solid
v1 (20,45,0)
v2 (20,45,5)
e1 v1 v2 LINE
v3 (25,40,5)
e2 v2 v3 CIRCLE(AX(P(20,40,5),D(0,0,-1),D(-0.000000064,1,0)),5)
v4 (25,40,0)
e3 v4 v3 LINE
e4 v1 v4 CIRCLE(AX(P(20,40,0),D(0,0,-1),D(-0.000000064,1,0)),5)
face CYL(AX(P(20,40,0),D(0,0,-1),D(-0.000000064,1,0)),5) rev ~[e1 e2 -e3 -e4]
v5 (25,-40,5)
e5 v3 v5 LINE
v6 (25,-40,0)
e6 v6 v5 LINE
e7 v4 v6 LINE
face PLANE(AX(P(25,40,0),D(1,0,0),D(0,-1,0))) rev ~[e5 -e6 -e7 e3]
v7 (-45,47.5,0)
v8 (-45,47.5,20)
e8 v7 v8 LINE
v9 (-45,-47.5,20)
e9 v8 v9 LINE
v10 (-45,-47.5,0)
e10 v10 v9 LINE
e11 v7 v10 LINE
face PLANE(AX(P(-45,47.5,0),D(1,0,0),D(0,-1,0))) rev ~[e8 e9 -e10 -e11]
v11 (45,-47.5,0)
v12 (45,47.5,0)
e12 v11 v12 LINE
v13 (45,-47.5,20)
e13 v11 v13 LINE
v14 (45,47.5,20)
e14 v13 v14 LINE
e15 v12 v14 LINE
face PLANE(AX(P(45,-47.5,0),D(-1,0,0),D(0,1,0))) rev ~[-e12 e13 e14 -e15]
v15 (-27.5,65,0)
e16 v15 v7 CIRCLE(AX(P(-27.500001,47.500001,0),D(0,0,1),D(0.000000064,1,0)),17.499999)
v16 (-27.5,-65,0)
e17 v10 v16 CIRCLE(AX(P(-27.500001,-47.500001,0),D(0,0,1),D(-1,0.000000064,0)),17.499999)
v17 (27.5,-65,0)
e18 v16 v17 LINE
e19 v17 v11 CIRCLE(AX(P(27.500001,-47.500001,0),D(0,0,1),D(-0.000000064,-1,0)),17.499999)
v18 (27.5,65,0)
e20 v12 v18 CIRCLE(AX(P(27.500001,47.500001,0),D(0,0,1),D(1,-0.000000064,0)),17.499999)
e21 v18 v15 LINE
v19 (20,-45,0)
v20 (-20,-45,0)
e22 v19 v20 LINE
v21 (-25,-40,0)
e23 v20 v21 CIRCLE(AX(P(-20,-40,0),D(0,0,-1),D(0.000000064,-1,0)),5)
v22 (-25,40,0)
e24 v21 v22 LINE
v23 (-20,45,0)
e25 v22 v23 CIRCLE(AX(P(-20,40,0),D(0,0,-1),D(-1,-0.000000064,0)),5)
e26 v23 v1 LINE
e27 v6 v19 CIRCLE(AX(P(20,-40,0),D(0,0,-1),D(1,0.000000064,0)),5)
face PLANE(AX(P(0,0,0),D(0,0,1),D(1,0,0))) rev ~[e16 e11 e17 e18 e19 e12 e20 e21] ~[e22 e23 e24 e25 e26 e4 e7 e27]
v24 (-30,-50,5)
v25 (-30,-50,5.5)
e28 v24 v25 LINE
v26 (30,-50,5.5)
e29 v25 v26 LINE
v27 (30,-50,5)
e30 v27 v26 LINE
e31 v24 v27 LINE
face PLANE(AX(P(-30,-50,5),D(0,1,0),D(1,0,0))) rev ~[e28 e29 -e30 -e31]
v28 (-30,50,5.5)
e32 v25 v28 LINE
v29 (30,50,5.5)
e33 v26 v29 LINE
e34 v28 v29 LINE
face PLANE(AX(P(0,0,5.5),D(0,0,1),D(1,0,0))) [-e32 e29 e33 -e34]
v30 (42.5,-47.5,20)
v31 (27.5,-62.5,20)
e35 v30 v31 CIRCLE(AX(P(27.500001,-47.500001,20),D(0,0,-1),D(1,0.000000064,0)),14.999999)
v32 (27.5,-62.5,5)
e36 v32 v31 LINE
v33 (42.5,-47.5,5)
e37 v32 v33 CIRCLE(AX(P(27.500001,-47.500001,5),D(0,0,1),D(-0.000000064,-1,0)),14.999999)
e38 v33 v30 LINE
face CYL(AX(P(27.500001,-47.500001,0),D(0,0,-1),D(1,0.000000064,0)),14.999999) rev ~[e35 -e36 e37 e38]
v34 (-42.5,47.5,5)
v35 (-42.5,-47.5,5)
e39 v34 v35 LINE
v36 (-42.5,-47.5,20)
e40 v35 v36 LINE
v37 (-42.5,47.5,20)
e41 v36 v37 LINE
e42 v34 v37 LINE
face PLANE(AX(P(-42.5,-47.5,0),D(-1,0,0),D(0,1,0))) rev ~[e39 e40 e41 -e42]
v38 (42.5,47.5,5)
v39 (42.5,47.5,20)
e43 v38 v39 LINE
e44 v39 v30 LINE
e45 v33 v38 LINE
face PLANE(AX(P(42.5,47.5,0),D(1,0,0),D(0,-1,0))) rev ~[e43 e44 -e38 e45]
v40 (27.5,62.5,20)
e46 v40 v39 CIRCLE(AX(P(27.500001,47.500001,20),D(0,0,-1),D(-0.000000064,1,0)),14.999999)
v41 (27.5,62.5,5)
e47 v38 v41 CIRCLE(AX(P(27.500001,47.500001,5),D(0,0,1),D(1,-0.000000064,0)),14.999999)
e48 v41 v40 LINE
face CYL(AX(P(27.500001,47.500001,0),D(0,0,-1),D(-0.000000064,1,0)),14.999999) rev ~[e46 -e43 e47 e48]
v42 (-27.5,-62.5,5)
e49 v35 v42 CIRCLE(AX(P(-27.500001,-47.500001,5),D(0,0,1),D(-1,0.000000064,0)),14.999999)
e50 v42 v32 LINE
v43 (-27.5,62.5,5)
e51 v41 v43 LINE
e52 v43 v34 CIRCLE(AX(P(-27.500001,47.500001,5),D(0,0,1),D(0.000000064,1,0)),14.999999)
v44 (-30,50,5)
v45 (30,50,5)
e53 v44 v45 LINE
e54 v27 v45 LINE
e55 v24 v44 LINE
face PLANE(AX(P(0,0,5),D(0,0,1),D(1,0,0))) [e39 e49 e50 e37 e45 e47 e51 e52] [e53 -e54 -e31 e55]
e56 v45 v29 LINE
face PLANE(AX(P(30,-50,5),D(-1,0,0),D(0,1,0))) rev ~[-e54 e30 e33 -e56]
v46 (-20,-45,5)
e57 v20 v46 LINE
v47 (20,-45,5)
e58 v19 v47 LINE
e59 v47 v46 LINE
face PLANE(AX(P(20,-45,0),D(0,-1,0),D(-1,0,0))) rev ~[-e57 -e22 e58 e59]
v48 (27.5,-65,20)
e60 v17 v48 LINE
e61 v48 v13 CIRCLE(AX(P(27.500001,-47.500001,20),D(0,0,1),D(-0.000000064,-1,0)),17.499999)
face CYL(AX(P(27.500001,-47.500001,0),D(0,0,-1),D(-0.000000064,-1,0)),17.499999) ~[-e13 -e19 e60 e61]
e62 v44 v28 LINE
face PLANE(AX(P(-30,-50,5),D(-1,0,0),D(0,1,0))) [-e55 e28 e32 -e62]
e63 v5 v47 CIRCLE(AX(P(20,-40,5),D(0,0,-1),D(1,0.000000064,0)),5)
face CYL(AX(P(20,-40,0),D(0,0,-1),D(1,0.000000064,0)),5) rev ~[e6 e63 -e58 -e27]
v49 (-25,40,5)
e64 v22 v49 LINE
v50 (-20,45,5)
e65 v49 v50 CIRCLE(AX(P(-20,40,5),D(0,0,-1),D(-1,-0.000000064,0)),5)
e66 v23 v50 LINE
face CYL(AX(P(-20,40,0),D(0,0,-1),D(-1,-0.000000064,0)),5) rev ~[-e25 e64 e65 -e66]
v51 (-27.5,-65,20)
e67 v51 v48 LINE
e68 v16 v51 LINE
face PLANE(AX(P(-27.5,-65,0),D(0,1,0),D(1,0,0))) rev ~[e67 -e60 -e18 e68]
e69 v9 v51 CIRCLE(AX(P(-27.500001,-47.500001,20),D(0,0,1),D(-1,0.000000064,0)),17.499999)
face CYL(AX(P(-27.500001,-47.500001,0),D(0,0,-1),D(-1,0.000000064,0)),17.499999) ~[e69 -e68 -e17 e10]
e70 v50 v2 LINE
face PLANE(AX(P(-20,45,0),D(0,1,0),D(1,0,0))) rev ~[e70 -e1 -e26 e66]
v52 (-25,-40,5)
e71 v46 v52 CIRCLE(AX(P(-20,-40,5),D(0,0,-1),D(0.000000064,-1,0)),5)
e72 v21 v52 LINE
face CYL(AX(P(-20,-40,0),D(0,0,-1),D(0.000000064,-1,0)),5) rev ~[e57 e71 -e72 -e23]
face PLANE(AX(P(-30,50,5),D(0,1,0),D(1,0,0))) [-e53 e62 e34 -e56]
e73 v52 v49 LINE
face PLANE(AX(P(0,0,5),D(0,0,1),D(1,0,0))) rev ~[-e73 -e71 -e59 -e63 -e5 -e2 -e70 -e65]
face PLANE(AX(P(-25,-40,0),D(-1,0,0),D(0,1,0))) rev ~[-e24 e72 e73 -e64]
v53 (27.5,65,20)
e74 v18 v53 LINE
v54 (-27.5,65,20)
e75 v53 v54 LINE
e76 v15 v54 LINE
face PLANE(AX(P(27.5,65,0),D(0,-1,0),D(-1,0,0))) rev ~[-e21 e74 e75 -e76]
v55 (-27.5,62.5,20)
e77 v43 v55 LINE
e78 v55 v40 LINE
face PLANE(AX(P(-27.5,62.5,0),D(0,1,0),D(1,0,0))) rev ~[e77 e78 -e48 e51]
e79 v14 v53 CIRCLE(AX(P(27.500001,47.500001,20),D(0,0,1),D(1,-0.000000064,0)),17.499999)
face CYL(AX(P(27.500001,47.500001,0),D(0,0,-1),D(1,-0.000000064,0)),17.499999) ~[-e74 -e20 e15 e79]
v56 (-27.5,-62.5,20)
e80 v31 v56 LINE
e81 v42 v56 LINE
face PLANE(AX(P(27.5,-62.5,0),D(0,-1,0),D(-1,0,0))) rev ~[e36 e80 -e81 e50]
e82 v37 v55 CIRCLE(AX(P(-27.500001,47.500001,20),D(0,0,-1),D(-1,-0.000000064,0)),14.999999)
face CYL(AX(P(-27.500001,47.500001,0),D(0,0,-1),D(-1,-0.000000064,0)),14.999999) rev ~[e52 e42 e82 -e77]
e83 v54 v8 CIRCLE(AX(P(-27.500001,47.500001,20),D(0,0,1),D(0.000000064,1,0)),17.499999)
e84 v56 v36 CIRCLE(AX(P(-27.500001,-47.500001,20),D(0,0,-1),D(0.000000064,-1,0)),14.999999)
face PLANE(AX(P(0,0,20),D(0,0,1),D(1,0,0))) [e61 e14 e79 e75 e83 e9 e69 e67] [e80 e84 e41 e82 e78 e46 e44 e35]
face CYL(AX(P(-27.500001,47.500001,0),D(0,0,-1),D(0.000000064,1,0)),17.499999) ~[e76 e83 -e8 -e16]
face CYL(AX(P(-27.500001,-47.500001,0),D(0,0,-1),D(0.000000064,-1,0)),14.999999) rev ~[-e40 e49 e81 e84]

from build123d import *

# Parameters (mm, degrees)
F1_DEPTH = 20
F2_DEPTH = 5
F3_W     = 60
F3_H     = 100
F4_DEPTH = 0.5


with BuildPart() as f1:
    # F0 (on Top) → F1 (new body)
    with BuildSketch(Plane.XY):
        with BuildLine():
            Line((45, -47.5), (45, 47.5))
            ThreePointArc((45, 47.5), (39.874369, 59.874369), (27.5, 65))
            Line((27.5, 65), (-27.5, 65))
            ThreePointArc((-27.5, 65), (-39.874369, 59.874369), (-45, 47.5))
            Line((-45, 47.5), (-45, -47.5))
            ThreePointArc((-45, -47.5), (-39.874369, -59.874369), (-27.5, -65))
            Line((-27.5, -65), (27.5, -65))
            ThreePointArc((27.5, -65), (39.874369, -59.874369), (45, -47.5))
        make_face()
        with BuildLine():
            Line((-27.5, 62.5), (27.5, 62.5))
            ThreePointArc((27.5, 62.5), (38.106602, 58.106602), (42.5, 47.5))
            Line((42.5, 47.5), (42.5, -47.5))
            ThreePointArc((42.5, -47.5), (38.106602, -58.106602), (27.5, -62.5))
            Line((27.5, -62.5), (-27.5, -62.5))
            ThreePointArc((-27.5, -62.5), (-38.106602, -58.106602), (-42.5, -47.5))
            Line((-42.5, -47.5), (-42.5, 47.5))
            ThreePointArc((-42.5, 47.5), (-38.106602, 58.106602), (-27.5, 62.5))
        make_face(mode=Mode.SUBTRACT)
    extrude(amount=F1_DEPTH)

    # F0 (on Top) → F2 (join)
    with BuildSketch(Plane.XY):
        with BuildLine():
            ThreePointArc((42.5, 47.5), (38.106602, 58.106602), (27.5, 62.5))
            Line((27.5, 62.5), (-27.5, 62.5))
            ThreePointArc((-27.5, 62.5), (-38.106602, 58.106602), (-42.5, 47.5))
            Line((-42.5, 47.5), (-42.5, -47.5))
            ThreePointArc((-42.5, -47.5), (-38.106602, -58.106602), (-27.5, -62.5))
            Line((-27.5, -62.5), (27.5, -62.5))
            ThreePointArc((27.5, -62.5), (38.106602, -58.106602), (42.5, -47.5))
            Line((42.5, -47.5), (42.5, 47.5))
        make_face()
        with BuildLine():
            Line((-20, 47.5), (20, 47.5))
            ThreePointArc((20, 47.5), (25.303301, 45.303301), (27.5, 40))
            Line((27.5, 40), (27.5, -40))
            ThreePointArc((27.5, -40), (25.303301, -45.303301), (20, -47.5))
            Line((20, -47.5), (-20, -47.5))
            ThreePointArc((-20, -47.5), (-25.303301, -45.303301), (-27.5, -40))
            Line((-27.5, -40), (-27.5, 40))
            ThreePointArc((-27.5, 40), (-25.303301, 45.303301), (-20, 47.5))
        make_face(mode=Mode.SUBTRACT)
        with BuildLine():
            ThreePointArc((27.5, 40), (25.303301, 45.303301), (20, 47.5))
            Line((20, 47.5), (-20, 47.5))
            ThreePointArc((-20, 47.5), (-25.303301, 45.303301), (-27.5, 40))
            Line((-27.5, 40), (-27.5, -40))
            ThreePointArc((-27.5, -40), (-25.303301, -45.303301), (-20, -47.5))
            Line((-20, -47.5), (20, -47.5))
            ThreePointArc((20, -47.5), (25.303301, -45.303301), (27.5, -40))
            Line((27.5, -40), (27.5, 40))
        make_face()
        with BuildLine():
            ThreePointArc((20, 45), (23.535534, 43.535534), (25, 40))
            Line((25, 40), (25, -40))
            ThreePointArc((25, -40), (23.535534, -43.535534), (20, -45))
            Line((20, -45), (-20, -45))
            ThreePointArc((-20, -45), (-23.535534, -43.535534), (-25, -40))
            Line((-25, -40), (-25, 40))
            ThreePointArc((-25, 40), (-23.535534, 43.535534), (-20, 45))
            Line((-20, 45), (20, 45))
        make_face(mode=Mode.SUBTRACT)
    extrude(amount=F2_DEPTH)

    # F3 (on face) → F4 (join)
    with BuildSketch(Plane.XY.offset(5)):
        Rectangle(F3_W, F3_H)
    extrude(amount=F4_DEPTH)


solid = f1.part
